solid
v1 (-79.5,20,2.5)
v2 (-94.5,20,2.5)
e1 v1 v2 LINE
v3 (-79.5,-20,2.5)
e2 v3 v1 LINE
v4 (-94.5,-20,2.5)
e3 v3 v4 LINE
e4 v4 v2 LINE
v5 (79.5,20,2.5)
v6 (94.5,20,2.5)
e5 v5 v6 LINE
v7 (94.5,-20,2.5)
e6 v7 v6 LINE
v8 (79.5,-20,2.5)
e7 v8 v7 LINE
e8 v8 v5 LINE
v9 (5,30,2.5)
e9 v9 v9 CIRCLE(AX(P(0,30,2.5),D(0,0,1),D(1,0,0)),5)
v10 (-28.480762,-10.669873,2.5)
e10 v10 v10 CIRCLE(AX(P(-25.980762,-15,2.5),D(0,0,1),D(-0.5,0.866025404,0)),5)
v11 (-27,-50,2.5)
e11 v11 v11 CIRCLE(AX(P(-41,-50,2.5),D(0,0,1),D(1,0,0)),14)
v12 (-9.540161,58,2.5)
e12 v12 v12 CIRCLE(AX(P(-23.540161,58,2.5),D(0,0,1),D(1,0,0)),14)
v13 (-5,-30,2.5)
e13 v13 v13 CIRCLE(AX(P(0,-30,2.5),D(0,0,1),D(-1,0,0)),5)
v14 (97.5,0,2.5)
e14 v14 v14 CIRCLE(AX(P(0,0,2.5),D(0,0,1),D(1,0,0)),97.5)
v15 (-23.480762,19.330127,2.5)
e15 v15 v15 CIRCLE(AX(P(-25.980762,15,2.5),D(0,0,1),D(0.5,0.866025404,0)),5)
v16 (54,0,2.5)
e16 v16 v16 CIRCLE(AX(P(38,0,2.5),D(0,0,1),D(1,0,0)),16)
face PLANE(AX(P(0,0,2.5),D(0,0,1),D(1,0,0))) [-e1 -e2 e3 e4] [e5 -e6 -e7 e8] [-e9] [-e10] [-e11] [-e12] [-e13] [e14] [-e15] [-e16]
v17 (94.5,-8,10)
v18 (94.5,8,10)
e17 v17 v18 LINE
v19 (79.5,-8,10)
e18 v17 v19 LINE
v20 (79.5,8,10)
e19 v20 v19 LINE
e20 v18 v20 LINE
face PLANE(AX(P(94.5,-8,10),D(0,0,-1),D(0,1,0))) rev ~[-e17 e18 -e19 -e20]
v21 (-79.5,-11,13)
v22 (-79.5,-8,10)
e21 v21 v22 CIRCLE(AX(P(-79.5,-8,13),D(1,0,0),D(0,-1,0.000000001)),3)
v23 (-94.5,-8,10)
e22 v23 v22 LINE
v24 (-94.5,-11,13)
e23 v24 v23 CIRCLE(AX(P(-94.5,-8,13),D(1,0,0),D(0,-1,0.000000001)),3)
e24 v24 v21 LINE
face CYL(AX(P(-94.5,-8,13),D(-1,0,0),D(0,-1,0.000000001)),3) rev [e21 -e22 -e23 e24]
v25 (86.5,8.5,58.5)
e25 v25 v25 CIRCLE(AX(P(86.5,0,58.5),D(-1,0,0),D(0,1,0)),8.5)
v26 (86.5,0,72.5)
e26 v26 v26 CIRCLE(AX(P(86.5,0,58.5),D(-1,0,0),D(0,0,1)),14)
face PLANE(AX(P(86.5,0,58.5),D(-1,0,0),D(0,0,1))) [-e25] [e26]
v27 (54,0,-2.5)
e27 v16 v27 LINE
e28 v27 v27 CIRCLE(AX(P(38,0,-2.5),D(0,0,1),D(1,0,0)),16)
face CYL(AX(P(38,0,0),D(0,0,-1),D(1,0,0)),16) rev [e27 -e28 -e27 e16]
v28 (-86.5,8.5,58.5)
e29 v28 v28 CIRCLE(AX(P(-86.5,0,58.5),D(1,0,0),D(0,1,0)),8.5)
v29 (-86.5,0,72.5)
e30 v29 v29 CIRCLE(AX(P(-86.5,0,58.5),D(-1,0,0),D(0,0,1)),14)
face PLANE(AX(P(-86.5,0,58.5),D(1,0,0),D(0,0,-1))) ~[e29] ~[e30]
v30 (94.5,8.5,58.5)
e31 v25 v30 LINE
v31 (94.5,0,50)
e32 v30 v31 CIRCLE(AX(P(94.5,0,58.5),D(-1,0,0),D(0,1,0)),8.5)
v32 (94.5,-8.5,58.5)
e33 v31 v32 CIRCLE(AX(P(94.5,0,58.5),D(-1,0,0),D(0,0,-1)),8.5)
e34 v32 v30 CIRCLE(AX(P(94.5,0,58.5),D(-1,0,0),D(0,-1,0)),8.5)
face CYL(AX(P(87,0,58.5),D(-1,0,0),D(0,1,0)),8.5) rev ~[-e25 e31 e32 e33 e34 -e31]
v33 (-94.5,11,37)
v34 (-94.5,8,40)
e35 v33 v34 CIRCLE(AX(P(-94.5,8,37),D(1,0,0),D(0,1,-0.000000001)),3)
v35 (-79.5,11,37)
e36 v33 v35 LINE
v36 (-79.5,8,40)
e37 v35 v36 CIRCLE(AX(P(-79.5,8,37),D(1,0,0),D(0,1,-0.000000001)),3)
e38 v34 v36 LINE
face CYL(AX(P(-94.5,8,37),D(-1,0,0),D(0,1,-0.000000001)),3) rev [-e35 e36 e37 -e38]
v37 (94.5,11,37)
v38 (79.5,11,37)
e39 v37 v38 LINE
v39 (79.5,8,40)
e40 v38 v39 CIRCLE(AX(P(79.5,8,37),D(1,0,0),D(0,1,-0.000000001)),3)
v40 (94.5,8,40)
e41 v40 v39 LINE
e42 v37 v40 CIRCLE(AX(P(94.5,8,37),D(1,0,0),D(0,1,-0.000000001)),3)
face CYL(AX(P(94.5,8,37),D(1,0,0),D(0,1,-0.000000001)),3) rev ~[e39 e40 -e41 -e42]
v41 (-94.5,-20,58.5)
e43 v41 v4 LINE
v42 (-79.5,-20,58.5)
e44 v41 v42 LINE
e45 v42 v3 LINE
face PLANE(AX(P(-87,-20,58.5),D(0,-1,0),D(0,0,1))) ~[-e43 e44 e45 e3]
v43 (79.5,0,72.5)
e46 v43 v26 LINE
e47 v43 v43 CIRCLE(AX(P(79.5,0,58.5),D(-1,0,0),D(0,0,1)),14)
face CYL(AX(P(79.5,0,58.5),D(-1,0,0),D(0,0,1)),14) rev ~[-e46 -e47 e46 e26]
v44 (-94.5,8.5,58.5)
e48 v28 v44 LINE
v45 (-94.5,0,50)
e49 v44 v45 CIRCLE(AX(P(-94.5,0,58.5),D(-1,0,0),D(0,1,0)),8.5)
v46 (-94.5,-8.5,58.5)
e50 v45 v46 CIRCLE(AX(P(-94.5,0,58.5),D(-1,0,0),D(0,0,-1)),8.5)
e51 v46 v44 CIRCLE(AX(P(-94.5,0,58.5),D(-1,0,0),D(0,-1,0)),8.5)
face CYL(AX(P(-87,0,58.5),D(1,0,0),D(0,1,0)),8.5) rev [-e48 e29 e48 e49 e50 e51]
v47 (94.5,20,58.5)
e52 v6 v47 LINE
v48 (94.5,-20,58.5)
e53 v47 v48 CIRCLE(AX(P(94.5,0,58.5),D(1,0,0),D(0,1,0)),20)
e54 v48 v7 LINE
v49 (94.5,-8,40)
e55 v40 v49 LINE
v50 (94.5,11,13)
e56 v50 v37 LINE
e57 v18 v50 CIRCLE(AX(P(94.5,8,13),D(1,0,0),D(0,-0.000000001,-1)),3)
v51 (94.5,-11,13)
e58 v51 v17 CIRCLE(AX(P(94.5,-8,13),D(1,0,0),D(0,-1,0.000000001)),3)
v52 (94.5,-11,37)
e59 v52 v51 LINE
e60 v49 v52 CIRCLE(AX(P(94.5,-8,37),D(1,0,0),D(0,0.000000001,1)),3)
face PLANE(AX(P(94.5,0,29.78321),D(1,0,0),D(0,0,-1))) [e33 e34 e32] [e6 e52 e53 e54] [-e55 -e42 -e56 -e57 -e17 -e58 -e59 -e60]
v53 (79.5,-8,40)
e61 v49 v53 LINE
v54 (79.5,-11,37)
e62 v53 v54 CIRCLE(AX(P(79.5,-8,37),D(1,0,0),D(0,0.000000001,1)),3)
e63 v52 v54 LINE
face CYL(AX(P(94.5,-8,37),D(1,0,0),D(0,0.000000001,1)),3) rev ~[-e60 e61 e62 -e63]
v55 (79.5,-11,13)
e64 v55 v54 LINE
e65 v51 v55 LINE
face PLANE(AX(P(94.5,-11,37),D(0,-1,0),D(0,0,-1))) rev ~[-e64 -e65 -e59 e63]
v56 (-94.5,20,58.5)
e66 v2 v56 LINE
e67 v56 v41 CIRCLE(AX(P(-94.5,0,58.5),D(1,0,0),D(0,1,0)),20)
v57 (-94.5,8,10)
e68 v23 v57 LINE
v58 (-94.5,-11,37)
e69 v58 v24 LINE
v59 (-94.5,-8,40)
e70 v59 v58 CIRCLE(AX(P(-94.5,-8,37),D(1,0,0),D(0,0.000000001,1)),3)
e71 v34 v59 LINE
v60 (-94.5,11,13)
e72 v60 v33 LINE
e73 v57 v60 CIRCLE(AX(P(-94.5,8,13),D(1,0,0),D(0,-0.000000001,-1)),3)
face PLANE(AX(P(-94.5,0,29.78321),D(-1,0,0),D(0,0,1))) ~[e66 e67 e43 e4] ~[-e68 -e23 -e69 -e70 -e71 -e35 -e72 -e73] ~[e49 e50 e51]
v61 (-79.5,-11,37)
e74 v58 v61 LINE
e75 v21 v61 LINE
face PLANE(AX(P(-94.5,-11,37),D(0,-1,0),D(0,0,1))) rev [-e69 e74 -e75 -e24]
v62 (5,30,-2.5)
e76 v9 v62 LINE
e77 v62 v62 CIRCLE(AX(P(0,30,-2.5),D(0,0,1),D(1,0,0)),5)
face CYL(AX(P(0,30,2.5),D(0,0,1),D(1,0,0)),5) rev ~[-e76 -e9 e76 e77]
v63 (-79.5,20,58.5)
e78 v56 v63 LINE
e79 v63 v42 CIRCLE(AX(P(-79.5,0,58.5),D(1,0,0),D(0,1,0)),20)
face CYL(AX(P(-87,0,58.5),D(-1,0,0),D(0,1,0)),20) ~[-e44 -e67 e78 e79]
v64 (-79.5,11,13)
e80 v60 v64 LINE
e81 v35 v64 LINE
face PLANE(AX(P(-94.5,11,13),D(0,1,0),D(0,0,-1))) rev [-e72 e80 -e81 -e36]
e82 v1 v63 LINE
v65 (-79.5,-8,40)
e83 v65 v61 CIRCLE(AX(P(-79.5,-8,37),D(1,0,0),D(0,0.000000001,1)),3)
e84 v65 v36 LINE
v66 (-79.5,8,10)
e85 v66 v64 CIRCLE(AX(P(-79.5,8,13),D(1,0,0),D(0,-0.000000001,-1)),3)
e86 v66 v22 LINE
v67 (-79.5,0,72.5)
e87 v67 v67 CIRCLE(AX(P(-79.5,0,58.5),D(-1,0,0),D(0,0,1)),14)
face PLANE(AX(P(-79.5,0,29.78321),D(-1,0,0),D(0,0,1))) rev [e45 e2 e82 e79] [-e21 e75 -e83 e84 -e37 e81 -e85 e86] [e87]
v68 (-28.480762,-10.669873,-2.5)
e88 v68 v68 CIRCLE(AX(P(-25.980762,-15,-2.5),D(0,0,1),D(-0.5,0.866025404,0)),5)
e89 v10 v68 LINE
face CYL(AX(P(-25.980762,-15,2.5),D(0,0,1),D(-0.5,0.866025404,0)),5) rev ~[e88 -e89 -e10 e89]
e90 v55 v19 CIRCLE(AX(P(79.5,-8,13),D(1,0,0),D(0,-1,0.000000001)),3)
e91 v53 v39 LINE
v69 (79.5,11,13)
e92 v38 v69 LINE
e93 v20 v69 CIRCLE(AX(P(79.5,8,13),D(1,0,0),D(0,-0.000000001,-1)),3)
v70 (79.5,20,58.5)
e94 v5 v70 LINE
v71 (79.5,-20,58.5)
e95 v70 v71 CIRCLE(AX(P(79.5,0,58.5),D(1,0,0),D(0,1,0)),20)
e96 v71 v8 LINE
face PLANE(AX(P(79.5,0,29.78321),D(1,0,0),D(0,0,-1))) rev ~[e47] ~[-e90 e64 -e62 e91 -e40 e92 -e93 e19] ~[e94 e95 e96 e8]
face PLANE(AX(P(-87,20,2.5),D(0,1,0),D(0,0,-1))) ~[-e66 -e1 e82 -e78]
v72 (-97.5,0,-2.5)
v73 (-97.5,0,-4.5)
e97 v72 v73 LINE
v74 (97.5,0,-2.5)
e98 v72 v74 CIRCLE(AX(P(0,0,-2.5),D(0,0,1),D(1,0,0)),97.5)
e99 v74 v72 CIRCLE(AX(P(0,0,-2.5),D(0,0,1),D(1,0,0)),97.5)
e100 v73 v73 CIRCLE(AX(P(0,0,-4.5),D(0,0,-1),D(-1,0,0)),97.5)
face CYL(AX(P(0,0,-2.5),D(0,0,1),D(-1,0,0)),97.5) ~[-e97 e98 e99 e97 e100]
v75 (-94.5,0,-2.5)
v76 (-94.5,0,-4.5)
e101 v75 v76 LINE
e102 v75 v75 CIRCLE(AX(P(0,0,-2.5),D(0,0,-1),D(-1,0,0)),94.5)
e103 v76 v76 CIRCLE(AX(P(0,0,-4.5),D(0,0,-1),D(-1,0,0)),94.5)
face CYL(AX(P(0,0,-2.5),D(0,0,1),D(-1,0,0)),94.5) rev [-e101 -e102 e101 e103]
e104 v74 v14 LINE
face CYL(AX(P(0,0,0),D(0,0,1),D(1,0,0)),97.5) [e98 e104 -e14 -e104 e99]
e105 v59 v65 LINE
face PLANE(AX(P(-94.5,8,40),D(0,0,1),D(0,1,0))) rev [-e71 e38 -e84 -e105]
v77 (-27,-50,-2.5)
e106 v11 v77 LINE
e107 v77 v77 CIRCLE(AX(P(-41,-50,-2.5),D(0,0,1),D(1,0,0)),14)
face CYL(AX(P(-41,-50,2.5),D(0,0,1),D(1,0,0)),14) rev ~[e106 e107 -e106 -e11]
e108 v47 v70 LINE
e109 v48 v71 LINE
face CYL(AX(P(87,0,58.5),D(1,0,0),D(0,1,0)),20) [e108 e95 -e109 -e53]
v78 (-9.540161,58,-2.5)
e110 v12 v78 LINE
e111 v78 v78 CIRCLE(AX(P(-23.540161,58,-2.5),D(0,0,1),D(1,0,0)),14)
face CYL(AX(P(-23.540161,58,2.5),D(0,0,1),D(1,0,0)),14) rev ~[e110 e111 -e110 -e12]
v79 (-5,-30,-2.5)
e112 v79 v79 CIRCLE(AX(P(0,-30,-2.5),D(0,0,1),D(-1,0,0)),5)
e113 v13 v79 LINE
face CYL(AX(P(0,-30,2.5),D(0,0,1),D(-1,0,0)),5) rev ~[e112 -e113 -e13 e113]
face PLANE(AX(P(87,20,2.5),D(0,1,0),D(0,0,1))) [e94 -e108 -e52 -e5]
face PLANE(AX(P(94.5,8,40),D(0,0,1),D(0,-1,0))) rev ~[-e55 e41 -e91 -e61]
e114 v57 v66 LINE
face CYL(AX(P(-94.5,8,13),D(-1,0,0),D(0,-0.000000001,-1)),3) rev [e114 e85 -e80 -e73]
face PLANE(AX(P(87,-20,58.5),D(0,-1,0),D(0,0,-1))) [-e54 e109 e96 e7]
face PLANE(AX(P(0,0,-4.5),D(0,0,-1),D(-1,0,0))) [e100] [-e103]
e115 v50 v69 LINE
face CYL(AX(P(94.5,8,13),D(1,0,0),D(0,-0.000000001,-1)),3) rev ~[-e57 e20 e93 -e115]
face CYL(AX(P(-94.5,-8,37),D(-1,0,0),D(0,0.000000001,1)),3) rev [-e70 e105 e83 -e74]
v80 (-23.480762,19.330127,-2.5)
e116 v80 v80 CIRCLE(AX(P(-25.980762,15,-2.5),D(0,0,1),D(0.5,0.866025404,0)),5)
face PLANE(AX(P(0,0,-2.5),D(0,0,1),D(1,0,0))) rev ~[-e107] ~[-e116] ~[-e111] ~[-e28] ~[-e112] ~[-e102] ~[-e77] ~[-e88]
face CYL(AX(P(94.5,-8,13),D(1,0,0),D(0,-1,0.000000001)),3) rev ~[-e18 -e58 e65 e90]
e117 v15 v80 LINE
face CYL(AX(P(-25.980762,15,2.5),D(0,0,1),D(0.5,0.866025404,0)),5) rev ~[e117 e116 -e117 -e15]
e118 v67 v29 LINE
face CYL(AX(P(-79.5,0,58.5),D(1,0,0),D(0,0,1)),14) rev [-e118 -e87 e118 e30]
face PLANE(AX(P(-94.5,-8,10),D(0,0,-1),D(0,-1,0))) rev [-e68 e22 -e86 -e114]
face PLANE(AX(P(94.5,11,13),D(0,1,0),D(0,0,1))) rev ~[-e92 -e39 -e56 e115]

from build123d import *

# Parameters (mm, degrees)
SKETCH1_R           = 97.5
SKETCH1_R_2         = 16
BOSS_EXTRUDE1_DEPTH = 2.5
SKETCH2_R           = 5
CUT_EXTRUDE1_DEPTH  = 138.976447265
CIRPATTERN1_COUNT   = 4
CIRPATTERN1_ANGLE   = 180
SKETCH4_R           = 97.5
SKETCH4_R_2         = 94.5
BOSS_EXTRUDE2_DEPTH = 2
SKETCH5_R           = 8.5
BOSS_EXTRUDE3_DEPTH = 7.5
SKETCH6_R           = 14
CUT_EXTRUDE2_DEPTH  = 7
CUT_EXTRUDE3_REACH  = 231.2
CUT_EXTRUDE4_REACH  = 159.444
SKETCH8_R           = 14
SKETCH9_R           = 14
CUT_EXTRUDE5_DEPTH  = 158.44364071


with BuildPart() as part:
    # Sketch1 → Boss-Extrude1 (new, symmetric)
    with BuildSketch(Plane.XY):
        Circle(SKETCH1_R)
        with Locations((38, 0)):
            Circle(SKETCH1_R_2, mode=Mode.SUBTRACT)
    extrude(amount=BOSS_EXTRUDE1_DEPTH, both=True)

    # Sketch2 → Cut-Extrude1 (cut, through all)
    with BuildSketch(Plane.XY.offset(2.5)):
        with Locations((0, 30)):
            Circle(SKETCH2_R)
    cut_extrude1 = extrude(amount=-CUT_EXTRUDE1_DEPTH, mode=Mode.SUBTRACT)

    # CirPattern1: Cut-Extrude1 ×4 about axis
    cirpattern1_axis = Axis((0, 0, 2.5), (0, 0, 1))
    for i in range(1, CIRPATTERN1_COUNT):
        add(cut_extrude1.rotate(cirpattern1_axis, i * CIRPATTERN1_ANGLE / (CIRPATTERN1_COUNT - 1)), mode=Mode.SUBTRACT)

    # Sketch4 → Boss-Extrude2 (add)
    with BuildSketch(Plane(origin=(0, 0, -2.5), x_dir=(-1, 0, 0), z_dir=(0, 0, -1))):
        Circle(SKETCH4_R)
        Circle(SKETCH4_R_2, mode=Mode.SUBTRACT)
    extrude(amount=BOSS_EXTRUDE2_DEPTH)

    # Sketch5 → Boss-Extrude3 (add, symmetric)
    with BuildSketch(Plane(origin=(87, 0, 0), x_dir=(0, 0, -1), z_dir=(1, 0, 0))):
        with BuildLine():
            Line((-2.5, 20), (-58.5, 20))
            ThreePointArc((-58.5, 20), (-78.5, 0), (-58.5, -20))
            Line((-58.5, -20), (-2.5, -20))
            Line((-2.5, -20), (-2.5, 20))
        make_face()
        with Locations((-58.5, 0)):
            Circle(SKETCH5_R, mode=Mode.SUBTRACT)
    boss_extrude3 = extrude(amount=BOSS_EXTRUDE3_DEPTH, both=True)

    # Sketch6 → Cut-Extrude2 (cut)
    with BuildSketch(Plane.ZY.offset(-79.5)):
        with Locations((58.5, 0)):
            Circle(SKETCH6_R)
    cut_extrude2 = extrude(amount=-CUT_EXTRUDE2_DEPTH, mode=Mode.SUBTRACT)

    # Sketch7 → Cut-Extrude3 (cut, up to next)
    with BuildSketch(Plane(origin=(94.5, 0, 0), x_dir=(0, 0, -1), z_dir=(1, 0, 0)), mode=Mode.PRIVATE) as cut_extrude3_sk1:
        with BuildLine():
            Line((-13, 11), (-37, 11))
            ThreePointArc((-37, 11), (-39.121320344, 10.121320344), (-40, 8))
            Line((-40, 8), (-40, -8))
            ThreePointArc((-40, -8), (-39.121320344, -10.121320344), (-37, -11))
            Line((-37, -11), (-13, -11))
            ThreePointArc((-13, -11), (-10.878679656, -10.121320344), (-10, -8))
            Line((-10, -8), (-10, 8))
            ThreePointArc((-10, 8), (-10.878679656, 10.121320344), (-13, 11))
        make_face()
    cut_extrude3_tool1 = extrude(cut_extrude3_sk1.sketch, amount=-CUT_EXTRUDE3_REACH, mode=Mode.PRIVATE) & part.part
    cut_extrude3 = cut_extrude3_tool1.solids().sort_by_distance((94.5, 0, 25))[0]
    add(cut_extrude3, mode=Mode.SUBTRACT)

    # Mirror1: Boss-Extrude3, Cut-Extrude2, Cut-Extrude3 across plane
    add(boss_extrude3.mirror(Plane(origin=(0, 0, 0), x_dir=(0, 0, 1), z_dir=(1, 0, 0))))
    add(cut_extrude2.mirror(Plane(origin=(0, 0, 0), x_dir=(0, 0, 1), z_dir=(1, 0, 0))), mode=Mode.SUBTRACT)
    add(cut_extrude3.mirror(Plane(origin=(0, 0, 0), x_dir=(0, 0, 1), z_dir=(1, 0, 0))), mode=Mode.SUBTRACT)

    # Sketch8 → Cut-Extrude4 (cut, up to next)
    with BuildSketch(Plane.XY.offset(2.5), mode=Mode.PRIVATE) as cut_extrude4_sk1:
        with Locations((-41, -50)):
            Circle(SKETCH8_R)
    cut_extrude4_tool1 = extrude(cut_extrude4_sk1.sketch, amount=-CUT_EXTRUDE4_REACH, mode=Mode.PRIVATE) & part.part
    add(cut_extrude4_tool1.solids().sort_by_distance((-41, -50, 2.5))[0], mode=Mode.SUBTRACT)

    # Sketch9 → Cut-Extrude5 (cut, through all)
    with BuildSketch(Plane.XY.offset(2.5)):
        with Locations((-23.540161495, 58)):
            Circle(SKETCH9_R)
    extrude(amount=-CUT_EXTRUDE5_DEPTH, mode=Mode.SUBTRACT)


solid = part.part
